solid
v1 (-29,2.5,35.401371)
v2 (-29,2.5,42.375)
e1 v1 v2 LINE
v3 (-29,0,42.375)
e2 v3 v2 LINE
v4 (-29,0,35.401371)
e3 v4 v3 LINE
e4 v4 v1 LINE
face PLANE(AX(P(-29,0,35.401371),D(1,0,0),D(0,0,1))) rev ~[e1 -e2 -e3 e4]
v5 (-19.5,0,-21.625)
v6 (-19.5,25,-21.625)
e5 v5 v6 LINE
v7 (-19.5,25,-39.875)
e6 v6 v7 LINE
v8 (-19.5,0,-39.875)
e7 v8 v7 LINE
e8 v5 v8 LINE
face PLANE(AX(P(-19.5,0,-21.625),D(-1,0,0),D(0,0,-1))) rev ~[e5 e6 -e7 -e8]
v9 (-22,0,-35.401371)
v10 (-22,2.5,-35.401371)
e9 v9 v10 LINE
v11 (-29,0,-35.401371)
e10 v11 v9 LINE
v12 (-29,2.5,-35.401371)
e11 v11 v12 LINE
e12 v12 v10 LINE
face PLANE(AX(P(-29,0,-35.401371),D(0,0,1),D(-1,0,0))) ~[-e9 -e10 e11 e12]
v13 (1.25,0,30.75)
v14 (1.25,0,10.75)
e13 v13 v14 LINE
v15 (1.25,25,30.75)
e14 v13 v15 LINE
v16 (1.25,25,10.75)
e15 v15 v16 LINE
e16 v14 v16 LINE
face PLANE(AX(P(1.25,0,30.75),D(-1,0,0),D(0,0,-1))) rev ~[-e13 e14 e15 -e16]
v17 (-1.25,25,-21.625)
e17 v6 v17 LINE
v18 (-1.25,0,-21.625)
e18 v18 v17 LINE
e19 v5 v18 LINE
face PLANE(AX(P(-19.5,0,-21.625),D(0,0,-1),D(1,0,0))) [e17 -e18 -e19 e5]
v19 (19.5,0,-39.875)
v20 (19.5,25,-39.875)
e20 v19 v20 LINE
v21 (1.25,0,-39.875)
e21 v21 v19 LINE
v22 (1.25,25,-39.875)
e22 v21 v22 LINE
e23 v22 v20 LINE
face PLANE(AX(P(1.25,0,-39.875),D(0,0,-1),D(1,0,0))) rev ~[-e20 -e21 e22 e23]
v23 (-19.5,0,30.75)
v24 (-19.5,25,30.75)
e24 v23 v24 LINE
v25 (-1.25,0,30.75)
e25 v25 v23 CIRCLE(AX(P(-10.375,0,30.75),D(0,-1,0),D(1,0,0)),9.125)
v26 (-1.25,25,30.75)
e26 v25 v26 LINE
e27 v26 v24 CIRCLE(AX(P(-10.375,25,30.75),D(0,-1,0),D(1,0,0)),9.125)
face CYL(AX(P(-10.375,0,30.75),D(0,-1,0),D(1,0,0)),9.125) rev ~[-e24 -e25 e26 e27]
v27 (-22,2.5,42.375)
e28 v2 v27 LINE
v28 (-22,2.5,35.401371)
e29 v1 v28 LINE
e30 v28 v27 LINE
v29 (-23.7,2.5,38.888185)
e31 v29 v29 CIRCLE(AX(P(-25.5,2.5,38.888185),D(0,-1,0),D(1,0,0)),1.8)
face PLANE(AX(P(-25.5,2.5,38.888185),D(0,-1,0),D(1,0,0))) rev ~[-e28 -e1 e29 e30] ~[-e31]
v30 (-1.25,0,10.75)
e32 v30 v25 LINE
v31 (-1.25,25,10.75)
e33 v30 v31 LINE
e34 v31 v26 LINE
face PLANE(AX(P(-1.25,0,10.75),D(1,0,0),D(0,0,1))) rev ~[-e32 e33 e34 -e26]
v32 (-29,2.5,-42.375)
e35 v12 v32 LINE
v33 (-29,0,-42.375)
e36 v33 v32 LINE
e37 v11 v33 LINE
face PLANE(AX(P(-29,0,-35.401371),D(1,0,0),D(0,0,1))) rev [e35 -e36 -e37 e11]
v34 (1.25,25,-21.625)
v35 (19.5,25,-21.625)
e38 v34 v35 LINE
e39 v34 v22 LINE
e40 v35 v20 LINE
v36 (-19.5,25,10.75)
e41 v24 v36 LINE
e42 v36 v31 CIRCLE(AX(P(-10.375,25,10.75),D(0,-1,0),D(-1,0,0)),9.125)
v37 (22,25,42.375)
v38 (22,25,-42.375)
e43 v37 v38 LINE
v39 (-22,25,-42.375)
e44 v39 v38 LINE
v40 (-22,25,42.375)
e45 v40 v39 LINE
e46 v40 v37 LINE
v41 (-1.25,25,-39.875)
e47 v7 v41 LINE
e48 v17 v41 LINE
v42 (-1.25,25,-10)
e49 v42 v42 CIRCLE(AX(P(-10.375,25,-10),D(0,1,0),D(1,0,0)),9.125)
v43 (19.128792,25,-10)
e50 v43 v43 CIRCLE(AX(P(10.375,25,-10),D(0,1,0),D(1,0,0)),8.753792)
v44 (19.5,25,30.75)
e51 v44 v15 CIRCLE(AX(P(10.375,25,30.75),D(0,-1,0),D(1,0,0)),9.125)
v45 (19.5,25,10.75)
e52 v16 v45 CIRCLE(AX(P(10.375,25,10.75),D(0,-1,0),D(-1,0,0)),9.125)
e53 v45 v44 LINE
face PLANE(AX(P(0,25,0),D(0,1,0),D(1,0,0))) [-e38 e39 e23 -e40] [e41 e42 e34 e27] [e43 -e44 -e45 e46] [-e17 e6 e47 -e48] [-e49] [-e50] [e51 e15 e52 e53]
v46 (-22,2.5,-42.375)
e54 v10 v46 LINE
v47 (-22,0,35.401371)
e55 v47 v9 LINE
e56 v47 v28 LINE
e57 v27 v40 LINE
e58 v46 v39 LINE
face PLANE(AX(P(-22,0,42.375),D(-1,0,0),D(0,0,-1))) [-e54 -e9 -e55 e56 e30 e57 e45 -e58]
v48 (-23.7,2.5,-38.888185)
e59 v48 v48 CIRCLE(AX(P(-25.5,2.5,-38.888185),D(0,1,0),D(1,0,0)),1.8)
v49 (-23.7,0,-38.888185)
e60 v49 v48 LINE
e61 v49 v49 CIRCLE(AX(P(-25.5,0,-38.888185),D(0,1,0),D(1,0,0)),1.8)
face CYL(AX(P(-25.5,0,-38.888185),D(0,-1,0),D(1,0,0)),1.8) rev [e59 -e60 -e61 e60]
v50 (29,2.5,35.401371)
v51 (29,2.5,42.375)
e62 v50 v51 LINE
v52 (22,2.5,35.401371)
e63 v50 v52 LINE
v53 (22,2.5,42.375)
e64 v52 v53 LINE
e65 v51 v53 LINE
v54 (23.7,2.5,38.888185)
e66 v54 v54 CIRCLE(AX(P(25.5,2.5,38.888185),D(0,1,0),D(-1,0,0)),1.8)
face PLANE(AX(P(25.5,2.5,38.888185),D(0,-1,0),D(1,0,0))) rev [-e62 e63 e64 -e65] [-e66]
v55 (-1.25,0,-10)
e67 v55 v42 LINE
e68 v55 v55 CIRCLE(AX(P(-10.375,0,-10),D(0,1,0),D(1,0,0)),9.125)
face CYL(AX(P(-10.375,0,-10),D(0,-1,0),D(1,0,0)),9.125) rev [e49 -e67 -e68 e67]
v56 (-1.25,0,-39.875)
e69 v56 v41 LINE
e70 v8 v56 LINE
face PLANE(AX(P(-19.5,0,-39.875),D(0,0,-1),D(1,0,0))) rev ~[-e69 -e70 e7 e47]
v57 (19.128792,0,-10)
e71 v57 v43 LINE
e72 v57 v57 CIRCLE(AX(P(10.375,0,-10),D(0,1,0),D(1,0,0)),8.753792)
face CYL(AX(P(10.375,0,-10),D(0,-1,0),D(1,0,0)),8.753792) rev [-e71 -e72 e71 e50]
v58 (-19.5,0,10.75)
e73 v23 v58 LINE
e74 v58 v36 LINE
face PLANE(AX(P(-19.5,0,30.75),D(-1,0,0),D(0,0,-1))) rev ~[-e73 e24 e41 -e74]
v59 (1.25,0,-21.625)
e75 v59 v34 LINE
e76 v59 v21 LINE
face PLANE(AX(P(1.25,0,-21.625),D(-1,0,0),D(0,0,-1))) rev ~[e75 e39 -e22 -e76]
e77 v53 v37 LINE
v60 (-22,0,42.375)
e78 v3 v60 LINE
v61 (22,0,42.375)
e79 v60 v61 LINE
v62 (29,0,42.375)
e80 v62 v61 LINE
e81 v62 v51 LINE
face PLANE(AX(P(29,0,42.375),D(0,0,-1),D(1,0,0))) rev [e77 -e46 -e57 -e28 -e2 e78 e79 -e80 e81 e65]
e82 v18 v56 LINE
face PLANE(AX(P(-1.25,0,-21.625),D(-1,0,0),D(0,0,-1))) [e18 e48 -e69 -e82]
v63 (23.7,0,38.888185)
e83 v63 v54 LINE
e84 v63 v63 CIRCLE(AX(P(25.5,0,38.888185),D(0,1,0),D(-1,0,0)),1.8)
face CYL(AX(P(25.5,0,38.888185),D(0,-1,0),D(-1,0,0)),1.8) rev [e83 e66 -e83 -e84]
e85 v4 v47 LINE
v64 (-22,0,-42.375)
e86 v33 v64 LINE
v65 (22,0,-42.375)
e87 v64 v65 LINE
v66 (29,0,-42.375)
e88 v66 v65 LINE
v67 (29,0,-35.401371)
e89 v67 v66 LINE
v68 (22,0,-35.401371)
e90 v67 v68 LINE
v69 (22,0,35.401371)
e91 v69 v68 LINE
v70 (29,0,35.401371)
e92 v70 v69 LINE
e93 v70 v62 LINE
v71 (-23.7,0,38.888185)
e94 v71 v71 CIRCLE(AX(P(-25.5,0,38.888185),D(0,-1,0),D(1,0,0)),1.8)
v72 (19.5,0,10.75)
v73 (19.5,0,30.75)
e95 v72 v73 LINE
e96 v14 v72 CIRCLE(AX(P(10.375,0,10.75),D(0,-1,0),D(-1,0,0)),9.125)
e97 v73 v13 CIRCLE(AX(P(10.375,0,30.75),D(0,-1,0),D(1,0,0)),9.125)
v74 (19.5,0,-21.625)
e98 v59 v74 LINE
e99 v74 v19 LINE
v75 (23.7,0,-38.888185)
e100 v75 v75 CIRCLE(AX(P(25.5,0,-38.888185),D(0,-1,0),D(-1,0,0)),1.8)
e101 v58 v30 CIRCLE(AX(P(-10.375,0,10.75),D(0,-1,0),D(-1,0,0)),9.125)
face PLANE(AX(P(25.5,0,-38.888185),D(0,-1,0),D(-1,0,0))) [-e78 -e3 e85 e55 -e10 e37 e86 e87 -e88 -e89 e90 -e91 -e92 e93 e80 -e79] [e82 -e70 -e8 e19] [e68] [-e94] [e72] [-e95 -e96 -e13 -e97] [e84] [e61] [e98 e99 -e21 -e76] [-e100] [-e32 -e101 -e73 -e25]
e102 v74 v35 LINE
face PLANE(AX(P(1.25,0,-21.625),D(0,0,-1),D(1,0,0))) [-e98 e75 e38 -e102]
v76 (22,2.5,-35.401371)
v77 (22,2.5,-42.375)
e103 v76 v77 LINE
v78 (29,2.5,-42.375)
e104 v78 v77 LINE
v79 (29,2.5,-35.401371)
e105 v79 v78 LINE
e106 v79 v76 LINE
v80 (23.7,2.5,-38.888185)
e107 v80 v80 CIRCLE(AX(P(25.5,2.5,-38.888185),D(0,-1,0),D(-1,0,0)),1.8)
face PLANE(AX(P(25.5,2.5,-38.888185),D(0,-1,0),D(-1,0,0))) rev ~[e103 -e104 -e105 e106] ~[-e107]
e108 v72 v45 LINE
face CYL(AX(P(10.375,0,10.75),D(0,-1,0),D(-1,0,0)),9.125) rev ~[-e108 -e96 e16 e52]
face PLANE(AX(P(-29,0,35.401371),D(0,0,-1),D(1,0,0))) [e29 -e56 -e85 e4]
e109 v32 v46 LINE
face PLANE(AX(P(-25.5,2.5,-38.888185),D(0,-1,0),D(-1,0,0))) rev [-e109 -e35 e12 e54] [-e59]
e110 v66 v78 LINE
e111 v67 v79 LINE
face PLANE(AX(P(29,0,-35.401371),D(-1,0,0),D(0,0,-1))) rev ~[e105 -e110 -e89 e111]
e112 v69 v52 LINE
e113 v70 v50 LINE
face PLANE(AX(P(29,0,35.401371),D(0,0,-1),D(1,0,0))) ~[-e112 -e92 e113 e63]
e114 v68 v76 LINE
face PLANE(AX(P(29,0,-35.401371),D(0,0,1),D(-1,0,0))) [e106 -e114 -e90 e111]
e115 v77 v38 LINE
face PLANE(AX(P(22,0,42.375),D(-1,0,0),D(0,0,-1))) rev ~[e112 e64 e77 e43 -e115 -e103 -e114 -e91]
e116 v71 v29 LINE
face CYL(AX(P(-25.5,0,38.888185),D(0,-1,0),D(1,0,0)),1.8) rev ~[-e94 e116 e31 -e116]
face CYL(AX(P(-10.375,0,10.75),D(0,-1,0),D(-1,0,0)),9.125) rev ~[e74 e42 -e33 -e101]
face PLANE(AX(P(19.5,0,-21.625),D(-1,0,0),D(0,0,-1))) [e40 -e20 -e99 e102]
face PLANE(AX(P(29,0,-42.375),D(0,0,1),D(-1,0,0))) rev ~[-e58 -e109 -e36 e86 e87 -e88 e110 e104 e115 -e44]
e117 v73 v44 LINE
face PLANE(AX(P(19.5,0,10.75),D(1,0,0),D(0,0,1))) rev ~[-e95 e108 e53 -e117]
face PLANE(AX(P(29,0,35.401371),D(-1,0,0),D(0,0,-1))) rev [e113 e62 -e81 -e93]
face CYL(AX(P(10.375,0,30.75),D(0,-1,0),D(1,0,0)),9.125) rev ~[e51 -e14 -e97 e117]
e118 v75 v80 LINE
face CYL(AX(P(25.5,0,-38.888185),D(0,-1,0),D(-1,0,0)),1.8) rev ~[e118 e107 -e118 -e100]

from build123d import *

# Parameters (mm, degrees)
SKIZZE1_W                       = 44
SKIZZE1_H                       = 84.75
SKIZZE1_R                       = 9.125
SKIZZE1_R_2                     = 8.753791834
SKIZZE1_W_2                     = 18.25
SKIZZE1_H_2                     = 18.25
AUFSATZ_LINEAR_AUSTRAGEN1_DEPTH = 25
SKIZZE2_W                       = 7
SKIZZE2_H                       = 6.973629197
SKIZZE2_R                       = 1.8
AUFSATZ_LINEAR_AUSTRAGEN2_DEPTH = 2.5
SPIEGELN2_COPY_1_SKETCH_W       = 7
SPIEGELN2_COPY_1_SKETCH_H       = 6.973629197
SPIEGELN2_COPY_1_SKETCH_R       = 1.8
SPIEGELN2_COPY_1_DEPTH          = 2.5


with BuildPart() as part:
    # Skizze1 → Aufsatz-Linear austragen1 (new body)
    with BuildSketch(Plane(origin=(0, 0, 0), x_dir=(1, 0, 0), z_dir=(0, 1, 0))):
        Rectangle(SKIZZE1_W, SKIZZE1_H)
        with Locations((-10.375, 10)):
            Circle(SKIZZE1_R, mode=Mode.SUBTRACT)
        with Locations((10.375, 10)):
            Circle(SKIZZE1_R_2, mode=Mode.SUBTRACT)
        with Locations((-10.375, 30.75)):
            Rectangle(SKIZZE1_W_2, SKIZZE1_H_2, mode=Mode.SUBTRACT)
        with Locations((10.375, 30.75)):
            Rectangle(SKIZZE1_W_2, SKIZZE1_H_2, mode=Mode.SUBTRACT)
        with BuildLine():
            Line((-1.25, -10.75), (-1.25, -30.75))
            ThreePointArc((-1.25, -30.75), (-10.375, -39.875), (-19.5, -30.75))
            Line((-19.5, -30.75), (-19.5, -10.75))
            ThreePointArc((-19.5, -10.75), (-10.375, -1.625), (-1.25, -10.75))
        make_face(mode=Mode.SUBTRACT)
        with BuildLine():
            Line((19.5, -10.75), (19.5, -30.75))
            ThreePointArc((19.5, -30.75), (10.375, -39.875), (1.25, -30.75))
            Line((1.25, -30.75), (1.25, -10.75))
            ThreePointArc((1.25, -10.75), (10.375, -1.625), (19.5, -10.75))
        make_face(mode=Mode.SUBTRACT)
    extrude(amount=AUFSATZ_LINEAR_AUSTRAGEN1_DEPTH)

    # Skizze2 → Aufsatz-Linear austragen2 (add)
    with BuildSketch(Plane.XZ):
        with Locations((-25.5, 38.888185401)):
            Rectangle(SKIZZE2_W, SKIZZE2_H)
        with Locations((-25.5, 38.888185402)):
            Circle(SKIZZE2_R, mode=Mode.SUBTRACT)
    aufsatz_linear_austragen2 = extrude(amount=-AUFSATZ_LINEAR_AUSTRAGEN2_DEPTH)

    # Spiegeln1: Aufsatz-Linear austragen2 across plane
    add(aufsatz_linear_austragen2.mirror(Plane(origin=(0, 0, 0), x_dir=(0, 0, 1), z_dir=(1, 0, 0))))

    # Spiegeln2: Aufsatz-Linear austragen2 across plane
    add(aufsatz_linear_austragen2.mirror(Plane.XY))

    # Spiegeln2 copy 1 sketch → Spiegeln2 copy 1 (add)
    with BuildSketch(Plane(origin=(0, 0, 0), x_dir=(-1, 0, 0), z_dir=(0, -1, 0))):
        with Locations((-25.5, 38.888185401)):
            Rectangle(SPIEGELN2_COPY_1_SKETCH_W, SPIEGELN2_COPY_1_SKETCH_H)
        with Locations((-25.5, 38.888185402)):
            Circle(SPIEGELN2_COPY_1_SKETCH_R, mode=Mode.SUBTRACT)
    extrude(amount=-SPIEGELN2_COPY_1_DEPTH)


solid = part.part
